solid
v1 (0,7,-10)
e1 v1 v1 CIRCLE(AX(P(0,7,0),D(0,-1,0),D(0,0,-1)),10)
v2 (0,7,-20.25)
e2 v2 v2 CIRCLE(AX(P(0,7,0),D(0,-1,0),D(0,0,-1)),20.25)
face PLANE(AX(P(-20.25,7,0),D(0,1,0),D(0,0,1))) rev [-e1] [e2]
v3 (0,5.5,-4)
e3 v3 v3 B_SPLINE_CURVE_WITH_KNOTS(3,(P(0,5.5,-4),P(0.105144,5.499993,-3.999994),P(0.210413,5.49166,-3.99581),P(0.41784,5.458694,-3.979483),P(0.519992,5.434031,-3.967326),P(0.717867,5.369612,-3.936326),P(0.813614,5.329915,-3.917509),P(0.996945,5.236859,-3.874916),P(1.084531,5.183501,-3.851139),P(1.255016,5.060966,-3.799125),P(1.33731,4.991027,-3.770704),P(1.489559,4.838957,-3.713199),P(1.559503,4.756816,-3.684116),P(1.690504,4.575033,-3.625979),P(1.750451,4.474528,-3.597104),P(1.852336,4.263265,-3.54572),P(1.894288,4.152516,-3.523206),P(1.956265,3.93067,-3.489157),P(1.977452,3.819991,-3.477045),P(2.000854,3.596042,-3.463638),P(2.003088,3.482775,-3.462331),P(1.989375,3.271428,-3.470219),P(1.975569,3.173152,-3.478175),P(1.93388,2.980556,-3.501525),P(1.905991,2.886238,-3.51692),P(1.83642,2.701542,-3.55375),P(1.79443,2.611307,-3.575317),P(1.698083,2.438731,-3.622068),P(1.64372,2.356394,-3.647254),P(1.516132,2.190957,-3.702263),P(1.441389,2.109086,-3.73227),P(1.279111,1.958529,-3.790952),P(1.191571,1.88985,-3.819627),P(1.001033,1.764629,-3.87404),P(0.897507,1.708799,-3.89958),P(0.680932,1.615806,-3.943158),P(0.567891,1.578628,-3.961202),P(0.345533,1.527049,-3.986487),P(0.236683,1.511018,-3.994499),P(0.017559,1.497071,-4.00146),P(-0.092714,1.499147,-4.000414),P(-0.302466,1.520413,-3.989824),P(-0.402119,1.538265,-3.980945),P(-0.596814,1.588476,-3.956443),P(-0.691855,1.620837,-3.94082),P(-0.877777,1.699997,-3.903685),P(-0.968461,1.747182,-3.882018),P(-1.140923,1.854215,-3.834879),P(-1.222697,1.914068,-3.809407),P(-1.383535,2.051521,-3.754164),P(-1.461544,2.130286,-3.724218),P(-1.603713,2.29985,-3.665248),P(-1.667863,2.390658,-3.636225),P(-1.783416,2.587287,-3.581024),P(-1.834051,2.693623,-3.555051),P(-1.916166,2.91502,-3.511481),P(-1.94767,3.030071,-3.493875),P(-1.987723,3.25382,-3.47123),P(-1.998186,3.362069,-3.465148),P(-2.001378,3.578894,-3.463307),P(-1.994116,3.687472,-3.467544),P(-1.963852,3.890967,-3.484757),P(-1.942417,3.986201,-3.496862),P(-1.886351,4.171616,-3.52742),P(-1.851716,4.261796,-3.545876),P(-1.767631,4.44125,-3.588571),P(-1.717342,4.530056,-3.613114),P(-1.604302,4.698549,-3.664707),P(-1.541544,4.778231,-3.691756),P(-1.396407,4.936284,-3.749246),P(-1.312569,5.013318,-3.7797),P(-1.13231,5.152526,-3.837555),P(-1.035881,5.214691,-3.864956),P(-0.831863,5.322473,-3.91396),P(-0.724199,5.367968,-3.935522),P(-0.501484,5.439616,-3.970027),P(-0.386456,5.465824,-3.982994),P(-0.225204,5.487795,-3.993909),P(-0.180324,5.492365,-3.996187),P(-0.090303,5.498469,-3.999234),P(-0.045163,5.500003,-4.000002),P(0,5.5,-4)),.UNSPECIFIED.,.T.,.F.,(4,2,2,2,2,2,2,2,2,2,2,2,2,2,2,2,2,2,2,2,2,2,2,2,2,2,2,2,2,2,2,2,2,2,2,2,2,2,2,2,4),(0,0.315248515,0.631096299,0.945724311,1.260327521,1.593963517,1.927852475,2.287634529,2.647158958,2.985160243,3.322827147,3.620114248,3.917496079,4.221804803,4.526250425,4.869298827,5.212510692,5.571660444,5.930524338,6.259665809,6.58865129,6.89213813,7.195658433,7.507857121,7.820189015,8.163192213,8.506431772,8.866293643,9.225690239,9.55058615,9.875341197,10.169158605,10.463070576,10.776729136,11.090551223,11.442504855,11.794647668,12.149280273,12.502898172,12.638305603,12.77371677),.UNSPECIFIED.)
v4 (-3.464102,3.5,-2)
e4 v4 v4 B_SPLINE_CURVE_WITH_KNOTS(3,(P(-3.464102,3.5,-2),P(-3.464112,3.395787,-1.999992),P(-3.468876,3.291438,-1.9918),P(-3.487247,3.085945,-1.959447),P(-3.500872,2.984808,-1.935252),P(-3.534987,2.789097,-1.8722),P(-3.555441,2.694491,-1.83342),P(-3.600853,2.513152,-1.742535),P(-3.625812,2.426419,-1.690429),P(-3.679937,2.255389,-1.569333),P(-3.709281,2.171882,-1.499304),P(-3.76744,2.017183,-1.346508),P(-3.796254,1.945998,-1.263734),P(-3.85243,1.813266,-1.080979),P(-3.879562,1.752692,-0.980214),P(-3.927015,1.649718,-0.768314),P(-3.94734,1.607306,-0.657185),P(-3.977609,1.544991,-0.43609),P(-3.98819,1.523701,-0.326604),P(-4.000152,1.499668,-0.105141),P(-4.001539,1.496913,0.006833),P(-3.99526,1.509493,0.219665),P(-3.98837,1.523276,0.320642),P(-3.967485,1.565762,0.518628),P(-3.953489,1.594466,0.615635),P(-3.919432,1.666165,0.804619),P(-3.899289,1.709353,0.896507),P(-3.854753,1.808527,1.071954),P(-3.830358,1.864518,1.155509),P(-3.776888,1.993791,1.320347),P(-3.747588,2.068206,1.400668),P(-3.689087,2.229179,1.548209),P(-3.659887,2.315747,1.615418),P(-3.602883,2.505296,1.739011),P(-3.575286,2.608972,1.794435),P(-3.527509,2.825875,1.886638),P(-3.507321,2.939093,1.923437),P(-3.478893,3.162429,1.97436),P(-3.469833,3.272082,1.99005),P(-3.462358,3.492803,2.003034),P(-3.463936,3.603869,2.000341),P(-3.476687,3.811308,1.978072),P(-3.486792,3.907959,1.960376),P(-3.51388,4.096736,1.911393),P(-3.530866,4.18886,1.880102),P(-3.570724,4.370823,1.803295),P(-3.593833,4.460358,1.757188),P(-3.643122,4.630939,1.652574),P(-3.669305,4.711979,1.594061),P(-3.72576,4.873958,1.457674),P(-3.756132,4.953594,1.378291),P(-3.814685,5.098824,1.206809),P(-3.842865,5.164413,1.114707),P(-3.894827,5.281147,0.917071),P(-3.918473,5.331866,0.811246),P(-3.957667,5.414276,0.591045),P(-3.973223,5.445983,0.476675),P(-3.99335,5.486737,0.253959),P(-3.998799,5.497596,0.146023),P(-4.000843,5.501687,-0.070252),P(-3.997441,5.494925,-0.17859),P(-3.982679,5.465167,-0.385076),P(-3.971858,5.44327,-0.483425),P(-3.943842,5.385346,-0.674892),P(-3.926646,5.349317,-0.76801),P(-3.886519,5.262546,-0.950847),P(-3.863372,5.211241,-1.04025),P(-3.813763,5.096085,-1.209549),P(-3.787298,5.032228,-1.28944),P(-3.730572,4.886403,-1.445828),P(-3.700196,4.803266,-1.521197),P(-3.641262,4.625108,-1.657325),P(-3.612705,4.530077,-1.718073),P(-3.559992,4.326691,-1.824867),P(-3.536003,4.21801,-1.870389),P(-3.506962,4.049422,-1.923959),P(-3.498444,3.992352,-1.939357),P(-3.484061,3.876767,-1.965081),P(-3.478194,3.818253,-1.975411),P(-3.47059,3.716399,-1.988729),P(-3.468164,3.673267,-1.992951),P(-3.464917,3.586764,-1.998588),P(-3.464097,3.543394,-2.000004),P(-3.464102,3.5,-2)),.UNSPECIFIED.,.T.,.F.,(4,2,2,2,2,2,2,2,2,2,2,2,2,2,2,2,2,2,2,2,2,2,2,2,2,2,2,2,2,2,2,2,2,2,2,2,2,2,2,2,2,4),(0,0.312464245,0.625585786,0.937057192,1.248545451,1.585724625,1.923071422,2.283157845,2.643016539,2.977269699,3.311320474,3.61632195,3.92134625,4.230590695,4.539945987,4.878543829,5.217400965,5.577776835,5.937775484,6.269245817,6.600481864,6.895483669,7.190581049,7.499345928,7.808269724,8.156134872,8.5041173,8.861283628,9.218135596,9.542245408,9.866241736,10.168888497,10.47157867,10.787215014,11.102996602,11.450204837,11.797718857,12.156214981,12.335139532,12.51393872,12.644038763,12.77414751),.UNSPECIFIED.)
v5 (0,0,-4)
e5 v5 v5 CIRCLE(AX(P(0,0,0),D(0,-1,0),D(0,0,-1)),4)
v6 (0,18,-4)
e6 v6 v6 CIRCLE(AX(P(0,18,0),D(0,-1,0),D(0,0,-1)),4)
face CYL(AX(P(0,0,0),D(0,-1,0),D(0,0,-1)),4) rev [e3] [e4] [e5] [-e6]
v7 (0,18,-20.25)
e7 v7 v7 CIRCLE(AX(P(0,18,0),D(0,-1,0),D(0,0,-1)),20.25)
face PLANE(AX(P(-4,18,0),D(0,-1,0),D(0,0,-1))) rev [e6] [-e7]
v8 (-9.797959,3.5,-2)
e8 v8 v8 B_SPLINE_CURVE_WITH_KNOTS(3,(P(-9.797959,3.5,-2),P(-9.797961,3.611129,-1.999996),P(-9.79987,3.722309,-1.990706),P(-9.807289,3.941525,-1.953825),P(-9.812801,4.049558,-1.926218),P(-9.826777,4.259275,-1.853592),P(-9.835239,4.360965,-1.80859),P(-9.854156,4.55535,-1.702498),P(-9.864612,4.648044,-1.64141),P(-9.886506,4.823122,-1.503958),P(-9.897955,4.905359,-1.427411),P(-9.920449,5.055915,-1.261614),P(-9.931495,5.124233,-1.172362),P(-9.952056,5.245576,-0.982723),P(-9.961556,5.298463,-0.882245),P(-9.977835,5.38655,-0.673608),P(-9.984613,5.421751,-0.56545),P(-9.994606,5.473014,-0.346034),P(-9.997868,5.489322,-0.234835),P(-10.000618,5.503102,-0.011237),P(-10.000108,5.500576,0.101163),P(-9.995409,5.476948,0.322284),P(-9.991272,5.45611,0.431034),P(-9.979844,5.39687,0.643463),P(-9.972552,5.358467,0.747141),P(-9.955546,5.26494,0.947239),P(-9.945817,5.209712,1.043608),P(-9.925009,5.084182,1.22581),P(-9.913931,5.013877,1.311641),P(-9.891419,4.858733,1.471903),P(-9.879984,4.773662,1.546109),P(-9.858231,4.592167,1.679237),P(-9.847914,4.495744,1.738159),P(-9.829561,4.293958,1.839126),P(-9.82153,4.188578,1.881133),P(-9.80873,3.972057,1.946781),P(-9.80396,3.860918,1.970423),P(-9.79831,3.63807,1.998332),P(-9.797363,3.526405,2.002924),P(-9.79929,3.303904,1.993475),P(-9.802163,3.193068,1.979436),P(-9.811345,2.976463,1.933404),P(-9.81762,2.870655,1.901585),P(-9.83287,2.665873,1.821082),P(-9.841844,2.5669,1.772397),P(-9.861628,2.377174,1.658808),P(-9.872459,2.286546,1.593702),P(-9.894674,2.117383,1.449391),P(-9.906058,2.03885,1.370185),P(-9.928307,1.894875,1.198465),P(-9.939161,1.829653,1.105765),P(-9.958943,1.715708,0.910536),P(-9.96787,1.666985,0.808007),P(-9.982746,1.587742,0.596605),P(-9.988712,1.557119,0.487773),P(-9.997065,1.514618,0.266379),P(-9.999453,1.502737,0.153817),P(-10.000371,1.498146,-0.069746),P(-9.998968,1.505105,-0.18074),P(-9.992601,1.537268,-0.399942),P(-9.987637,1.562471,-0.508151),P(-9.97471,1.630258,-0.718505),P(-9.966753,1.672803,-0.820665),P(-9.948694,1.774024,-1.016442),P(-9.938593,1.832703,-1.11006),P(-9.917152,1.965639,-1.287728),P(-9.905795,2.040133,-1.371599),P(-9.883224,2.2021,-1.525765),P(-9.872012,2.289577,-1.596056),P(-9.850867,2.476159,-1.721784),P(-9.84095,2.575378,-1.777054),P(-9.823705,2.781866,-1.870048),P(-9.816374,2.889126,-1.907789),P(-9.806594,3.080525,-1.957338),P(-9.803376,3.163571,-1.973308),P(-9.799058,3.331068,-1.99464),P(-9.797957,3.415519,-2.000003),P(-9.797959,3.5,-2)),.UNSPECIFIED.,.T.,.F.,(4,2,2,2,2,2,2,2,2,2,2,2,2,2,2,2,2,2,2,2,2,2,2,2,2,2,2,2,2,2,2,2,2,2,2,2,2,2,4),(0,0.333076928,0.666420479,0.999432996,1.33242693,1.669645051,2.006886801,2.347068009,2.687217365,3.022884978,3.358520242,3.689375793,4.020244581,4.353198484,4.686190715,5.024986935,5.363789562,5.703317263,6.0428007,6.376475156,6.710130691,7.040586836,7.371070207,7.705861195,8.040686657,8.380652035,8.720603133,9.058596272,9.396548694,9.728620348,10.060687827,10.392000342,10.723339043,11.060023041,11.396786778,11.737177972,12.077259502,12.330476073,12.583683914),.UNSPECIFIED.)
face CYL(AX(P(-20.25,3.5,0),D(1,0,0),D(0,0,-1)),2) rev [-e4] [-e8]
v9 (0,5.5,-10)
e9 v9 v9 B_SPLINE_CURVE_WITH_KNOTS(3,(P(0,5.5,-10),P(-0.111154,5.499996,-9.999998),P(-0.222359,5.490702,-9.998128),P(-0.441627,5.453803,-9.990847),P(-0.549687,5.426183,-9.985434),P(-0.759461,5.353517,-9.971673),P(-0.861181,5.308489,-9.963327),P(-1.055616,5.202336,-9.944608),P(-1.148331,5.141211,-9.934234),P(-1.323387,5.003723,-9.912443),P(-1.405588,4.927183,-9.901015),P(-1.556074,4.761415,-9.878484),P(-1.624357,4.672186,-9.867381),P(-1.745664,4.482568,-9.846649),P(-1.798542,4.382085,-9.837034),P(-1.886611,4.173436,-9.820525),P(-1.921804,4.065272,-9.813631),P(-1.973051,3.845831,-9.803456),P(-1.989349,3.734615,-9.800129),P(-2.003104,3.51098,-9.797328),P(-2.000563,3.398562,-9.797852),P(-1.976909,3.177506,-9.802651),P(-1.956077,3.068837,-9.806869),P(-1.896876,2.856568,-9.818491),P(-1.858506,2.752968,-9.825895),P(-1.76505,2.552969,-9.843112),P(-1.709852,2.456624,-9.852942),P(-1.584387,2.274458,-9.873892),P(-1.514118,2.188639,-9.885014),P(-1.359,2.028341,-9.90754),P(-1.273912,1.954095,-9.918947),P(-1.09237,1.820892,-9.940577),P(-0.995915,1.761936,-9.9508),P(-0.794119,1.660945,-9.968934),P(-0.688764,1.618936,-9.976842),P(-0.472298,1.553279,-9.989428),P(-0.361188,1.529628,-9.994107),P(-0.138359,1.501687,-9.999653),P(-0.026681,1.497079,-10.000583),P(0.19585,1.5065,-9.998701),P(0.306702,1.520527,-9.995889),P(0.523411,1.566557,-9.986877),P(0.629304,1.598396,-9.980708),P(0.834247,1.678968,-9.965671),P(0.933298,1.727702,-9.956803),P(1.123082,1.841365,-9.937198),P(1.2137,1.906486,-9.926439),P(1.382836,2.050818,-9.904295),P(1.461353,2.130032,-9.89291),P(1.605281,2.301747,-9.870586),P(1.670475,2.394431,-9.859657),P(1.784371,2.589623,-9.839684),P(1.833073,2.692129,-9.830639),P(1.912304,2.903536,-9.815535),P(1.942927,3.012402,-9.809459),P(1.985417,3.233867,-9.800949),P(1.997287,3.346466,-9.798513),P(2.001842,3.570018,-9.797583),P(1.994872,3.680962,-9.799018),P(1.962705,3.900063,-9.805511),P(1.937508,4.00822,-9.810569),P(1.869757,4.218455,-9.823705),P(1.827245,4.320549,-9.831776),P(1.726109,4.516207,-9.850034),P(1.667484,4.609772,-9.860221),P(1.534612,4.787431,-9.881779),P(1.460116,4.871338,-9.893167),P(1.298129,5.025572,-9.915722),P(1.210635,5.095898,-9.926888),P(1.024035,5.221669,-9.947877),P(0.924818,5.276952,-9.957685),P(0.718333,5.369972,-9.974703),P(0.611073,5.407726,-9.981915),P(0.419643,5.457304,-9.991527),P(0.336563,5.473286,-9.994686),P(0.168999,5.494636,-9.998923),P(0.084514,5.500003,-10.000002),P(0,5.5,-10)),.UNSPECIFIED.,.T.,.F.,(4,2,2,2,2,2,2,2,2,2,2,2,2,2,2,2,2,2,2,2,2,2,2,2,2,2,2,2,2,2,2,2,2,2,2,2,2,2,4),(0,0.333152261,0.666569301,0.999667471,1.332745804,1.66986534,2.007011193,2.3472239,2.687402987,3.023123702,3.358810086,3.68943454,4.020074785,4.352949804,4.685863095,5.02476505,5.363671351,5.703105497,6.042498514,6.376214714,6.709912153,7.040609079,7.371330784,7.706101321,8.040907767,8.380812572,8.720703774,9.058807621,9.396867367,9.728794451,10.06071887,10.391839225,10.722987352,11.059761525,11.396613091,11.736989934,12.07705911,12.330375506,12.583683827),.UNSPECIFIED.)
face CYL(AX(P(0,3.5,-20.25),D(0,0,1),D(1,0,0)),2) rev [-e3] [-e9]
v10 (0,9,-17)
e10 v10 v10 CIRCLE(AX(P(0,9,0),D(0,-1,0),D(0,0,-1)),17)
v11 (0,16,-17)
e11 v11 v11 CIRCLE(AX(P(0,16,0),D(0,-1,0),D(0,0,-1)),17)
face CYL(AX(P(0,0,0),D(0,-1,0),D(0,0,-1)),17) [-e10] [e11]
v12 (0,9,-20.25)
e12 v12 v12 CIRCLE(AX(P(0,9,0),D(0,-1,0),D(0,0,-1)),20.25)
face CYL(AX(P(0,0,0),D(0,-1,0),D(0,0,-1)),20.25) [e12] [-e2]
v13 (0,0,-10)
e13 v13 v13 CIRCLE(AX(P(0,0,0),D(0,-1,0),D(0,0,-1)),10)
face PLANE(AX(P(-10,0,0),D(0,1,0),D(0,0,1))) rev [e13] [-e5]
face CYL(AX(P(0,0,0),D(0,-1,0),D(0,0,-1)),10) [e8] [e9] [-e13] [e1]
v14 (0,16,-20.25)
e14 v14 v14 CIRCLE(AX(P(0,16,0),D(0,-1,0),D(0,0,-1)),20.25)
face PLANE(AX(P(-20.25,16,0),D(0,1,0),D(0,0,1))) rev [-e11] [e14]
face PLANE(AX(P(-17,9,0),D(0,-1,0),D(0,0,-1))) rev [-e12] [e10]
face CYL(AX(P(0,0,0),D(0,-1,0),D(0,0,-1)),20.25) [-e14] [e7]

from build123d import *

# Parameters (mm, degrees)
SKETCH2_R          = 2
CUT_EXTRUDE1_DEPTH = 34.824916851
CIRPATTERN1_COUNT  = 2
CIRPATTERN1_ANGLE  = 90


with BuildPart() as part:
    # Sketch1 → Revolve1 (revolve)
    with BuildSketch(Plane.XY, mode=Mode.PRIVATE) as revolve1_sk:
        Polygon((-4, 0), (-4, 18), (-20.25, 18), (-20.25, 16), (-17, 16), (-17, 9), (-20.25, 9), (-20.25, 7), (-10, 7), (-10, 0), align=None)
    revolve(revolve1_sk.sketch.rotate(Axis((0, 0, 0), (0, 1, 0)), 270), axis=Axis((0, 0, 0), (0, 1, 0)))

    # Sketch2 → Cut-Extrude1 (cut, through all)
    with BuildSketch(Plane.XY):
        with Locations(Location((0, 3.5, 0), (0, 0, 90))):
            Circle(SKETCH2_R)
    cut_extrude1 = extrude(amount=-CUT_EXTRUDE1_DEPTH, mode=Mode.SUBTRACT)

    # CirPattern1: Cut-Extrude1 ×2 about axis
    cirpattern1_axis = Axis((0, 0, 0), (0, 1, 0))
    for i in range(1, CIRPATTERN1_COUNT):
        add(cut_extrude1.rotate(cirpattern1_axis, i * CIRPATTERN1_ANGLE / (CIRPATTERN1_COUNT - 1)), mode=Mode.SUBTRACT)


solid = part.part
